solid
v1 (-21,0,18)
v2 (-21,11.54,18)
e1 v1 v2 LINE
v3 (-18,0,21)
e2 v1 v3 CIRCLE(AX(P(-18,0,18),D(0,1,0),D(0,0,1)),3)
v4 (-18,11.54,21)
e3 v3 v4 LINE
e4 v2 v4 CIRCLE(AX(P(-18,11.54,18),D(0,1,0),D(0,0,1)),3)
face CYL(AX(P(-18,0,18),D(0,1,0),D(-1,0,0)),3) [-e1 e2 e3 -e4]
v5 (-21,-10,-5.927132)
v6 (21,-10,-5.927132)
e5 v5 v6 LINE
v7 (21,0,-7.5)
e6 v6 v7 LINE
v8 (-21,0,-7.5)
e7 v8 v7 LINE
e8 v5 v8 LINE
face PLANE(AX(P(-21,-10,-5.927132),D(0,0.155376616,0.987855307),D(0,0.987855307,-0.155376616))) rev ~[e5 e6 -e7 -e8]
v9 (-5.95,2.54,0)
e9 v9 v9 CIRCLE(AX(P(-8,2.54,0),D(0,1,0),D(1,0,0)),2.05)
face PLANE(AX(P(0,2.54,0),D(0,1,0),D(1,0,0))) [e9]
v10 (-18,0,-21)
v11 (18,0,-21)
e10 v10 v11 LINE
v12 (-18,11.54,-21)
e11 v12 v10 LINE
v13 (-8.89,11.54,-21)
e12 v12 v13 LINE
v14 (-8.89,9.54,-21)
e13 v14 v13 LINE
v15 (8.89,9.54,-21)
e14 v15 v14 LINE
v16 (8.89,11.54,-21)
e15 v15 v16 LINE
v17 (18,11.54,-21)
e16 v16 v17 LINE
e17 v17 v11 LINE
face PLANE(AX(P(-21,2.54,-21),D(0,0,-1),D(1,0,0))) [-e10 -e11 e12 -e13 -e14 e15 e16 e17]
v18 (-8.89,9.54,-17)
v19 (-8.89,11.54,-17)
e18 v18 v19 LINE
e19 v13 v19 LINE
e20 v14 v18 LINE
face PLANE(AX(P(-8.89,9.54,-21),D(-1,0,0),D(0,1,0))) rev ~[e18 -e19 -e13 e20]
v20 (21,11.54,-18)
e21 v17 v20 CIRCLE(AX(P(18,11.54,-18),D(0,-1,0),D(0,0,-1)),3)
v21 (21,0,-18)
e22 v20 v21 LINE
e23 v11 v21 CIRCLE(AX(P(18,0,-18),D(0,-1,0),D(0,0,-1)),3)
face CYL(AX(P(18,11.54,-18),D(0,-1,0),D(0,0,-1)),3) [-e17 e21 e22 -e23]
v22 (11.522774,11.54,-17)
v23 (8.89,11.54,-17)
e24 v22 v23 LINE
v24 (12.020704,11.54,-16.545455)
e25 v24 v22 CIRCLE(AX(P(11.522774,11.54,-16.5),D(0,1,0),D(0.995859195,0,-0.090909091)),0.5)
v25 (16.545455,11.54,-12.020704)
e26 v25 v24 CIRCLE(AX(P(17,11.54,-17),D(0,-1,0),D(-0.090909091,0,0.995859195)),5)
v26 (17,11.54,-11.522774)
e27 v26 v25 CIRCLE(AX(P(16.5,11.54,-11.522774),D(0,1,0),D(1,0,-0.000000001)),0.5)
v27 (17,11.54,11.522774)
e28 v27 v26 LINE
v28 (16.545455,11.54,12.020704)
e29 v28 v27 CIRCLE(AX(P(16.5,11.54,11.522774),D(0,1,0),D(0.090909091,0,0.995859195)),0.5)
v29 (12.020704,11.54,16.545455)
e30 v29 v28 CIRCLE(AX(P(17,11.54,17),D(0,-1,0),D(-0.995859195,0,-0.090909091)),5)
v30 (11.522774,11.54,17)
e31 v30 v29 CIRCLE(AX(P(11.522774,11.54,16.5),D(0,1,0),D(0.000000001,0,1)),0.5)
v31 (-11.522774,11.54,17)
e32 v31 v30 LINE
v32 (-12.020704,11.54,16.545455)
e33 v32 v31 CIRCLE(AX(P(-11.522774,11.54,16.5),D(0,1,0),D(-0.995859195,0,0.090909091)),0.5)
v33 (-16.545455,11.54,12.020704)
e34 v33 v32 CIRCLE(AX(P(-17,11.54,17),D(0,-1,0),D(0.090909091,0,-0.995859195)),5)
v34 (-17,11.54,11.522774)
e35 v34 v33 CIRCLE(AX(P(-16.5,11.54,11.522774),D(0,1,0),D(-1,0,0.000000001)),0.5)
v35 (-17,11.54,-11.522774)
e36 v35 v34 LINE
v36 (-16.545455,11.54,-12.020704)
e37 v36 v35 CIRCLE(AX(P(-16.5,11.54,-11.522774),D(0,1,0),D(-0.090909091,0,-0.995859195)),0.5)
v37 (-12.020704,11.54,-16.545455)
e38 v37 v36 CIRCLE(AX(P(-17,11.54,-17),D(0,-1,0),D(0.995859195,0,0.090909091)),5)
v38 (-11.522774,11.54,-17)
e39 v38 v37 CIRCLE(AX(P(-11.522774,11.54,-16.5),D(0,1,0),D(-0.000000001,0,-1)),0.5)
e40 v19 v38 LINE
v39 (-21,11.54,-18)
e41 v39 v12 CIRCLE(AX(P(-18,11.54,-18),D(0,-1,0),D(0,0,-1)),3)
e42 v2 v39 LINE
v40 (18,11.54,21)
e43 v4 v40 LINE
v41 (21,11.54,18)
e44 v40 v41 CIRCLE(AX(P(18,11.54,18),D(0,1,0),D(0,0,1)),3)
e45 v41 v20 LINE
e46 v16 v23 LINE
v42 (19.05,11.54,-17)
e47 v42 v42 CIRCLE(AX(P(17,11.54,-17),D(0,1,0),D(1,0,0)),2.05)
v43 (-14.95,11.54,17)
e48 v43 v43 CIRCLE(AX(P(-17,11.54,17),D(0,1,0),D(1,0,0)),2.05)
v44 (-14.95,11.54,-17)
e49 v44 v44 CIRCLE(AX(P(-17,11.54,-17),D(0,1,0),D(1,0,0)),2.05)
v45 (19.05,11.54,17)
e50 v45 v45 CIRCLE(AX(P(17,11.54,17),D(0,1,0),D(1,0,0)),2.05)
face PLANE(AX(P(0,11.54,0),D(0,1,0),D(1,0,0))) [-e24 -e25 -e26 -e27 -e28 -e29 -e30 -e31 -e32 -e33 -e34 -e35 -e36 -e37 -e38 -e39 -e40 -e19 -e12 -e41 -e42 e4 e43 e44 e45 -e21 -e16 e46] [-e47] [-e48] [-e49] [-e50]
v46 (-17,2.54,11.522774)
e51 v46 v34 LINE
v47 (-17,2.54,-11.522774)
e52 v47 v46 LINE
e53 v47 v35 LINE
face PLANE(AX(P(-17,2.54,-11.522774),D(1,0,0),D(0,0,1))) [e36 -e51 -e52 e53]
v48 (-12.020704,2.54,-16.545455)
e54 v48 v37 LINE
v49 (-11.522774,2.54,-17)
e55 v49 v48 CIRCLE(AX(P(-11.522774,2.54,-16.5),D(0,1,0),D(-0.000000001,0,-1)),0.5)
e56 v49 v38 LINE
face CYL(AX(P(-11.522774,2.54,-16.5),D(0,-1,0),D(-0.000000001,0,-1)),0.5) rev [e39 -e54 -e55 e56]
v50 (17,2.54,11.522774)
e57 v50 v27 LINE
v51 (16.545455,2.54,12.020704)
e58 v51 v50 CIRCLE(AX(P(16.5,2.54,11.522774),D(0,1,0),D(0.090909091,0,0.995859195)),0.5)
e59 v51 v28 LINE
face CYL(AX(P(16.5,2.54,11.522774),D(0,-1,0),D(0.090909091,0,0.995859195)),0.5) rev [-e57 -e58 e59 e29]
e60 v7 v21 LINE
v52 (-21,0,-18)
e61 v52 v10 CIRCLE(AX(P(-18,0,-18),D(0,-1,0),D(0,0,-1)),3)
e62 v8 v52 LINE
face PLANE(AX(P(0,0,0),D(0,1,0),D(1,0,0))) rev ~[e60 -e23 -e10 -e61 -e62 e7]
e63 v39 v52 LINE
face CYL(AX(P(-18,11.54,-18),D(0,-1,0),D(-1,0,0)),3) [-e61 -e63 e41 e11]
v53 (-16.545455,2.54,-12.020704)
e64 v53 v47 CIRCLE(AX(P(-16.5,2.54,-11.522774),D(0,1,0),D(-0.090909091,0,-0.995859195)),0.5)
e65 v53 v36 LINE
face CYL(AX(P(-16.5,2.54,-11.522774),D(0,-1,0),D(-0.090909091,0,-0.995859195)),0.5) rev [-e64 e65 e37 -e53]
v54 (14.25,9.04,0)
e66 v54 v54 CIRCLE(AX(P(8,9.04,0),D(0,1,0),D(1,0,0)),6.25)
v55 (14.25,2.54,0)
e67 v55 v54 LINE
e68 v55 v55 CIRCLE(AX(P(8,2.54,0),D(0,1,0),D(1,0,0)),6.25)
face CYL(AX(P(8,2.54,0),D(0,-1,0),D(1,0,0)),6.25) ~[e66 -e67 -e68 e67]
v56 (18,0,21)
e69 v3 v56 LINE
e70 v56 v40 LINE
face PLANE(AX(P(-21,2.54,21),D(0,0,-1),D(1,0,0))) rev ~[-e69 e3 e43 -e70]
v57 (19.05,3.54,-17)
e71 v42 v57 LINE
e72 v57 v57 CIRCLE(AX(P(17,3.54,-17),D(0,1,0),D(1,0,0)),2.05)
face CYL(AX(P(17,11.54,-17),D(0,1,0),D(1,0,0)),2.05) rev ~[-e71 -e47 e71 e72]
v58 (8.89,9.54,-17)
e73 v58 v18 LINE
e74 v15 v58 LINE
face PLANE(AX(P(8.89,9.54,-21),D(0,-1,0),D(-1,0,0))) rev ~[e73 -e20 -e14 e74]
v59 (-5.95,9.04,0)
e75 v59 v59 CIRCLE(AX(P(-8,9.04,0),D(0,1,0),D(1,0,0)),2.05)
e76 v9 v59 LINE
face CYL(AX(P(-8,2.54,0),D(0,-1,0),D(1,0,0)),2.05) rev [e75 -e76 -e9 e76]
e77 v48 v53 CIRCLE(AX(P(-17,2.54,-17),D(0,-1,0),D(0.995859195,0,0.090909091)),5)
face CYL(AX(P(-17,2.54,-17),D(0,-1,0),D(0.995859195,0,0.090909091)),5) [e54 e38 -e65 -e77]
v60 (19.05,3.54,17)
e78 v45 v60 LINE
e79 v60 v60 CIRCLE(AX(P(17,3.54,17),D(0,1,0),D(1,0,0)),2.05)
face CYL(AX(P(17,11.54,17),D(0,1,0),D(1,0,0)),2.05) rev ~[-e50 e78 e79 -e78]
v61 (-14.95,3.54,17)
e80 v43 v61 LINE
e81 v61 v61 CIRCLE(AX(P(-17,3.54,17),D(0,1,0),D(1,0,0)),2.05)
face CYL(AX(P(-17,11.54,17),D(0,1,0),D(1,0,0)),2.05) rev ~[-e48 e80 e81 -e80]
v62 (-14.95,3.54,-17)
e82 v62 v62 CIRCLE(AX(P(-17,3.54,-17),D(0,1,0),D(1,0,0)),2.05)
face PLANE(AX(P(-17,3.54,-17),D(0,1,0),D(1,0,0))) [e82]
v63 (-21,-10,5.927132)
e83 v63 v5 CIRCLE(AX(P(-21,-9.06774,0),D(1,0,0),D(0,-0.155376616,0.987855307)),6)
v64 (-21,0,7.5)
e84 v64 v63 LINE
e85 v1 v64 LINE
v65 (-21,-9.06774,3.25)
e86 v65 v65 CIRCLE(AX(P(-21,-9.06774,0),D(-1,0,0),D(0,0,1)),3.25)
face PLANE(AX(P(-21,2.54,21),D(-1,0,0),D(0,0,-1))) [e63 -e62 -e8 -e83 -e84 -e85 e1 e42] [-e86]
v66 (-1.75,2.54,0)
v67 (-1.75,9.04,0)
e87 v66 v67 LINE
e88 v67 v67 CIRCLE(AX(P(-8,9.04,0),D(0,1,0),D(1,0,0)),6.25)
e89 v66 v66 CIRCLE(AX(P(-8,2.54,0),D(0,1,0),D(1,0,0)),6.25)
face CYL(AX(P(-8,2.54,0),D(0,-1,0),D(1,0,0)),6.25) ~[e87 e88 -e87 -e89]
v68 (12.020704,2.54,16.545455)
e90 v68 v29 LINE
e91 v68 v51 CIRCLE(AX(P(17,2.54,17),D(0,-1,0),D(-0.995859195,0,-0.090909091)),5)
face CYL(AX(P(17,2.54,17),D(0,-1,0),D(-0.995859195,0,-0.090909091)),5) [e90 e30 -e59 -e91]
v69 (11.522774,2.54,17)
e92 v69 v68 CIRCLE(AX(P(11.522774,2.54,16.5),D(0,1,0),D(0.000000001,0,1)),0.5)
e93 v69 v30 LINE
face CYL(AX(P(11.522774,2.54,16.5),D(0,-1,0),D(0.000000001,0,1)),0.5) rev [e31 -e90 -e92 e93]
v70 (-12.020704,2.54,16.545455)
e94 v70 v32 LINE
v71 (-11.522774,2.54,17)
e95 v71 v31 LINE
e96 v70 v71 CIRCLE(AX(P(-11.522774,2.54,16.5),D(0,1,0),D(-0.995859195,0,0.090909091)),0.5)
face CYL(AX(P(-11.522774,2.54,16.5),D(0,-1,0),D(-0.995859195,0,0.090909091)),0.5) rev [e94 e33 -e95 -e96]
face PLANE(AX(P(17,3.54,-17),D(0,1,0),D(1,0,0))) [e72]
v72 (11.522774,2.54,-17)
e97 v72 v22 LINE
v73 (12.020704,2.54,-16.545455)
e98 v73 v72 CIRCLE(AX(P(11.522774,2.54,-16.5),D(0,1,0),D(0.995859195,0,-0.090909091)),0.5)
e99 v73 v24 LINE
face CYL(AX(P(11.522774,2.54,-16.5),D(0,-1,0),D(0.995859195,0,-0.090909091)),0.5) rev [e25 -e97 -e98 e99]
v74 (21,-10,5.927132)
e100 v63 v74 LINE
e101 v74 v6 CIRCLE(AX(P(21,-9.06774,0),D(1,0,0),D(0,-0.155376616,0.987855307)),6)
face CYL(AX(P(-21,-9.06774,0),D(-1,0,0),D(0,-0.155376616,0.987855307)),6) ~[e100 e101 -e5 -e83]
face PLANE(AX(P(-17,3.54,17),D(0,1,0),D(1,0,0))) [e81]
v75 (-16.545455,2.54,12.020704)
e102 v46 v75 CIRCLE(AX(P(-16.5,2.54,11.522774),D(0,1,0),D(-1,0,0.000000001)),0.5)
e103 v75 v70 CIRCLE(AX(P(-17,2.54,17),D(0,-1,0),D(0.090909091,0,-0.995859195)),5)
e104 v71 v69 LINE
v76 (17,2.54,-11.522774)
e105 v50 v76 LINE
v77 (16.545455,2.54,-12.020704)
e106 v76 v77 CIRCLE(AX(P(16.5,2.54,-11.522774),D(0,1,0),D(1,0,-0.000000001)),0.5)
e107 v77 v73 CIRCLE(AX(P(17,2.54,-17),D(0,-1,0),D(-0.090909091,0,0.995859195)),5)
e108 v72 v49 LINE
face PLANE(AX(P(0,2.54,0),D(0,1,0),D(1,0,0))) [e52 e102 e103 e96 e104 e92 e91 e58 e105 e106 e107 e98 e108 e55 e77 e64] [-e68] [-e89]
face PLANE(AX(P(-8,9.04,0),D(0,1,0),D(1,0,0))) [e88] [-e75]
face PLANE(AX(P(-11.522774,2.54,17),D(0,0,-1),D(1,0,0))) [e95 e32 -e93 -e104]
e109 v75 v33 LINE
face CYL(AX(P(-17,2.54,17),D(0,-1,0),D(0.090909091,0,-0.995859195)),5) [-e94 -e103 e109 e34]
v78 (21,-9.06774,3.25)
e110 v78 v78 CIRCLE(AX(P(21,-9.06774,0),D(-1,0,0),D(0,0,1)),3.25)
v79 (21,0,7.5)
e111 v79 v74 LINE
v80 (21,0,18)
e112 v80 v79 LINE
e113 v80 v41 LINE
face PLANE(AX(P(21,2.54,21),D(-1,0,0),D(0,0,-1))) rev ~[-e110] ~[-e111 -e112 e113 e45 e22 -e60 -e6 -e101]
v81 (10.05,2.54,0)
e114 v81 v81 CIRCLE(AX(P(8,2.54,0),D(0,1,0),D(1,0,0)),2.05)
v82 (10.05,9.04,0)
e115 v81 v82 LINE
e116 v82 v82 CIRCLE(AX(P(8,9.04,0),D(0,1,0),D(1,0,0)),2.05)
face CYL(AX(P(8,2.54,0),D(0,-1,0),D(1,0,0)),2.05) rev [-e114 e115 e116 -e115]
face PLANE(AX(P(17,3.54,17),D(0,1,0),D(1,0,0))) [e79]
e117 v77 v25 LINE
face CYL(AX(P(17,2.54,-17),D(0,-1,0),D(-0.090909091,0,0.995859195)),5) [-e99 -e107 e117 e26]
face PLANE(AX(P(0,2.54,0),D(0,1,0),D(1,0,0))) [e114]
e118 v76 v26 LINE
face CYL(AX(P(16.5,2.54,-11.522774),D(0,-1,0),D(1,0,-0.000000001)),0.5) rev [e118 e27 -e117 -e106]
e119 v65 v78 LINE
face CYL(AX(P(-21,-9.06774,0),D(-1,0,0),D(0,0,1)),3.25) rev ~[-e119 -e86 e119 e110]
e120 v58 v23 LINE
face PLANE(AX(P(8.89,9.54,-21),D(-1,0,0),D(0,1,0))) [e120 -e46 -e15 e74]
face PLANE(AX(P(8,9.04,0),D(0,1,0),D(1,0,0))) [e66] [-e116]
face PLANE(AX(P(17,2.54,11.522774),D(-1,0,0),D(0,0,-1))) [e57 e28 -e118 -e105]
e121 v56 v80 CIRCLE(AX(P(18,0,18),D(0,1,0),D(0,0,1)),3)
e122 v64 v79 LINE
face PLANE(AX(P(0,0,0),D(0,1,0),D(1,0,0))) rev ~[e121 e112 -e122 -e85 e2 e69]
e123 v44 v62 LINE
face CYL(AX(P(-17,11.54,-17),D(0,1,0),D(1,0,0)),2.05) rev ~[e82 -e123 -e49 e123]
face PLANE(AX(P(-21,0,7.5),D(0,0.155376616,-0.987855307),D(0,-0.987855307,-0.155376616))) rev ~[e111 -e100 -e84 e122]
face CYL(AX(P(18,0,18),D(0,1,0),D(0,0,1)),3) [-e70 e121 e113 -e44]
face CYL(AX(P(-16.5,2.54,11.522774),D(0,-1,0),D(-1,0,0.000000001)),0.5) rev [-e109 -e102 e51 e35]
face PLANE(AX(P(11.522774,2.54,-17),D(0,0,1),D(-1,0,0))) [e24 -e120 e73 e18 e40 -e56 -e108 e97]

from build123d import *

# Parameters (mm, degrees)
SKETCH1_W           = 42
SKETCH1_H           = 42
BOSS_EXTRUDE1_DEPTH = 2.54
SKETCH2_W           = 42
SKETCH2_H           = 42
BOSS_EXTRUDE2_DEPTH = 9
SKETCH4_R           = 3.25
BOSS_EXTRUDE4_DEPTH = 42
SKETCH9_R           = 6.25
SKETCH9_R_2         = 2.05
BOSS_EXTRUDE5_DEPTH = 6.5
SKETCH10_R          = 2.05
CUT_EXTRUDE1_DEPTH  = 8
SKETCH12_W          = 17.78
SKETCH12_H          = 2
CUT_EXTRUDE2_DEPTH  = 4
FILLET1_R           = 3


with BuildPart() as part:
    # Sketch1 → Boss-Extrude1 (new body)
    with BuildSketch(Plane(origin=(0, 0, 0), x_dir=(1, 0, 0), z_dir=(0, 1, 0))):
        Rectangle(SKETCH1_W, SKETCH1_H)
    extrude(amount=BOSS_EXTRUDE1_DEPTH)

    # Sketch2 → Boss-Extrude2 (add)
    with BuildSketch(Plane(origin=(0, 2.54, 0), x_dir=(1, 0, 0), z_dir=(0, 1, 0))):
        Rectangle(SKETCH2_W, SKETCH2_H)
        with BuildLine():
            Line((-17, 11.522774425), (-17, -11.522774425))
            ThreePointArc((-17, -11.522774425), (-16.869274473, -11.859874356), (-16.545454545, -12.020704023))
            ThreePointArc((-16.545454545, -12.020704023), (-13.464466094, -13.464466094), (-12.020704023, -16.545454545))
            ThreePointArc((-12.020704023, -16.545454545), (-11.859874356, -16.869274473), (-11.522774425, -17))
            Line((-11.522774425, -17), (11.522774425, -17))
            ThreePointArc((11.522774425, -17), (11.859874356, -16.869274473), (12.020704023, -16.545454545))
            ThreePointArc((12.020704023, -16.545454545), (13.464466094, -13.464466094), (16.545454545, -12.020704023))
            ThreePointArc((16.545454545, -12.020704023), (16.869274473, -11.859874356), (17, -11.522774425))
            Line((17, -11.522774425), (17, 11.522774425))
            ThreePointArc((17, 11.522774425), (16.869274473, 11.859874356), (16.545454545, 12.020704023))
            ThreePointArc((16.545454545, 12.020704023), (13.464466094, 13.464466094), (12.020704023, 16.545454545))
            ThreePointArc((12.020704023, 16.545454545), (11.859874356, 16.869274473), (11.522774425, 17))
            Line((11.522774425, 17), (-11.522774425, 17))
            ThreePointArc((-11.522774425, 17), (-11.859874356, 16.869274473), (-12.020704023, 16.545454545))
            ThreePointArc((-12.020704023, 16.545454545), (-13.464466094, 13.464466094), (-16.545454545, 12.020704023))
            ThreePointArc((-16.545454545, 12.020704023), (-16.869274473, 11.859874356), (-17, 11.522774425))
        make_face(mode=Mode.SUBTRACT)
    extrude(amount=BOSS_EXTRUDE2_DEPTH)

    # Sketch4 → Boss-Extrude4 (add)
    with BuildSketch(Plane.ZY.offset(21)):
        with BuildLine():
            Line((7.5, 0), (5.927131841, -10))
            ThreePointArc((5.927131841, -10), (0, -15.067740305), (-5.927131841, -10))
            Line((-5.927131841, -10), (-7.5, 0))
            Line((-7.5, 0), (7.5, 0))
        make_face()
        with Locations((0, -9.067740305)):
            Circle(SKETCH4_R, mode=Mode.SUBTRACT)
    extrude(amount=-BOSS_EXTRUDE4_DEPTH)

    # Sketch9 → Boss-Extrude5 (add)
    with BuildSketch(Plane(origin=(0, 2.54, 0), x_dir=(1, 0, 0), z_dir=(0, 1, 0))):
        with Locations((8, 0)):
            Circle(SKETCH9_R)
        with Locations((8, 0)):
            Circle(SKETCH9_R_2, mode=Mode.SUBTRACT)
        with Locations((-8, 0)):
            Circle(SKETCH9_R)
        with Locations((-8, 0)):
            Circle(SKETCH9_R_2, mode=Mode.SUBTRACT)
    extrude(amount=BOSS_EXTRUDE5_DEPTH)

    # Sketch10 → Cut-Extrude1 (cut)
    with BuildSketch(Plane(origin=(0, 11.54, 0), x_dir=(1, 0, 0), z_dir=(0, 1, 0))):
        with Locations((-17, 17)):
            Circle(SKETCH10_R)
        with Locations((17, 17)):
            Circle(SKETCH10_R)
        with Locations((-17, -17)):
            Circle(SKETCH10_R)
        with Locations((17, -17)):
            Circle(SKETCH10_R)
    extrude(amount=-CUT_EXTRUDE1_DEPTH, mode=Mode.SUBTRACT)

    # Sketch12 → Cut-Extrude2 (cut)
    with BuildSketch(Plane(origin=(0, 0, -21), x_dir=(-1, 0, 0), z_dir=(0, 0, -1))):
        with Locations((0, 10.54)):
            Rectangle(SKETCH12_W, SKETCH12_H)
    extrude(amount=-CUT_EXTRUDE2_DEPTH, mode=Mode.SUBTRACT)

    # Fillet1
    fillet1_edges = [part.edges().sort_by_distance(p)[0] for p in [
        (21, 5.77, 21),
        (-21, 5.77, 21),
        (-21, 5.77, -21),
        (21, 5.77, -21),
    ]]
    fillet(fillet1_edges, radius=FILLET1_R)


solid = part.part
